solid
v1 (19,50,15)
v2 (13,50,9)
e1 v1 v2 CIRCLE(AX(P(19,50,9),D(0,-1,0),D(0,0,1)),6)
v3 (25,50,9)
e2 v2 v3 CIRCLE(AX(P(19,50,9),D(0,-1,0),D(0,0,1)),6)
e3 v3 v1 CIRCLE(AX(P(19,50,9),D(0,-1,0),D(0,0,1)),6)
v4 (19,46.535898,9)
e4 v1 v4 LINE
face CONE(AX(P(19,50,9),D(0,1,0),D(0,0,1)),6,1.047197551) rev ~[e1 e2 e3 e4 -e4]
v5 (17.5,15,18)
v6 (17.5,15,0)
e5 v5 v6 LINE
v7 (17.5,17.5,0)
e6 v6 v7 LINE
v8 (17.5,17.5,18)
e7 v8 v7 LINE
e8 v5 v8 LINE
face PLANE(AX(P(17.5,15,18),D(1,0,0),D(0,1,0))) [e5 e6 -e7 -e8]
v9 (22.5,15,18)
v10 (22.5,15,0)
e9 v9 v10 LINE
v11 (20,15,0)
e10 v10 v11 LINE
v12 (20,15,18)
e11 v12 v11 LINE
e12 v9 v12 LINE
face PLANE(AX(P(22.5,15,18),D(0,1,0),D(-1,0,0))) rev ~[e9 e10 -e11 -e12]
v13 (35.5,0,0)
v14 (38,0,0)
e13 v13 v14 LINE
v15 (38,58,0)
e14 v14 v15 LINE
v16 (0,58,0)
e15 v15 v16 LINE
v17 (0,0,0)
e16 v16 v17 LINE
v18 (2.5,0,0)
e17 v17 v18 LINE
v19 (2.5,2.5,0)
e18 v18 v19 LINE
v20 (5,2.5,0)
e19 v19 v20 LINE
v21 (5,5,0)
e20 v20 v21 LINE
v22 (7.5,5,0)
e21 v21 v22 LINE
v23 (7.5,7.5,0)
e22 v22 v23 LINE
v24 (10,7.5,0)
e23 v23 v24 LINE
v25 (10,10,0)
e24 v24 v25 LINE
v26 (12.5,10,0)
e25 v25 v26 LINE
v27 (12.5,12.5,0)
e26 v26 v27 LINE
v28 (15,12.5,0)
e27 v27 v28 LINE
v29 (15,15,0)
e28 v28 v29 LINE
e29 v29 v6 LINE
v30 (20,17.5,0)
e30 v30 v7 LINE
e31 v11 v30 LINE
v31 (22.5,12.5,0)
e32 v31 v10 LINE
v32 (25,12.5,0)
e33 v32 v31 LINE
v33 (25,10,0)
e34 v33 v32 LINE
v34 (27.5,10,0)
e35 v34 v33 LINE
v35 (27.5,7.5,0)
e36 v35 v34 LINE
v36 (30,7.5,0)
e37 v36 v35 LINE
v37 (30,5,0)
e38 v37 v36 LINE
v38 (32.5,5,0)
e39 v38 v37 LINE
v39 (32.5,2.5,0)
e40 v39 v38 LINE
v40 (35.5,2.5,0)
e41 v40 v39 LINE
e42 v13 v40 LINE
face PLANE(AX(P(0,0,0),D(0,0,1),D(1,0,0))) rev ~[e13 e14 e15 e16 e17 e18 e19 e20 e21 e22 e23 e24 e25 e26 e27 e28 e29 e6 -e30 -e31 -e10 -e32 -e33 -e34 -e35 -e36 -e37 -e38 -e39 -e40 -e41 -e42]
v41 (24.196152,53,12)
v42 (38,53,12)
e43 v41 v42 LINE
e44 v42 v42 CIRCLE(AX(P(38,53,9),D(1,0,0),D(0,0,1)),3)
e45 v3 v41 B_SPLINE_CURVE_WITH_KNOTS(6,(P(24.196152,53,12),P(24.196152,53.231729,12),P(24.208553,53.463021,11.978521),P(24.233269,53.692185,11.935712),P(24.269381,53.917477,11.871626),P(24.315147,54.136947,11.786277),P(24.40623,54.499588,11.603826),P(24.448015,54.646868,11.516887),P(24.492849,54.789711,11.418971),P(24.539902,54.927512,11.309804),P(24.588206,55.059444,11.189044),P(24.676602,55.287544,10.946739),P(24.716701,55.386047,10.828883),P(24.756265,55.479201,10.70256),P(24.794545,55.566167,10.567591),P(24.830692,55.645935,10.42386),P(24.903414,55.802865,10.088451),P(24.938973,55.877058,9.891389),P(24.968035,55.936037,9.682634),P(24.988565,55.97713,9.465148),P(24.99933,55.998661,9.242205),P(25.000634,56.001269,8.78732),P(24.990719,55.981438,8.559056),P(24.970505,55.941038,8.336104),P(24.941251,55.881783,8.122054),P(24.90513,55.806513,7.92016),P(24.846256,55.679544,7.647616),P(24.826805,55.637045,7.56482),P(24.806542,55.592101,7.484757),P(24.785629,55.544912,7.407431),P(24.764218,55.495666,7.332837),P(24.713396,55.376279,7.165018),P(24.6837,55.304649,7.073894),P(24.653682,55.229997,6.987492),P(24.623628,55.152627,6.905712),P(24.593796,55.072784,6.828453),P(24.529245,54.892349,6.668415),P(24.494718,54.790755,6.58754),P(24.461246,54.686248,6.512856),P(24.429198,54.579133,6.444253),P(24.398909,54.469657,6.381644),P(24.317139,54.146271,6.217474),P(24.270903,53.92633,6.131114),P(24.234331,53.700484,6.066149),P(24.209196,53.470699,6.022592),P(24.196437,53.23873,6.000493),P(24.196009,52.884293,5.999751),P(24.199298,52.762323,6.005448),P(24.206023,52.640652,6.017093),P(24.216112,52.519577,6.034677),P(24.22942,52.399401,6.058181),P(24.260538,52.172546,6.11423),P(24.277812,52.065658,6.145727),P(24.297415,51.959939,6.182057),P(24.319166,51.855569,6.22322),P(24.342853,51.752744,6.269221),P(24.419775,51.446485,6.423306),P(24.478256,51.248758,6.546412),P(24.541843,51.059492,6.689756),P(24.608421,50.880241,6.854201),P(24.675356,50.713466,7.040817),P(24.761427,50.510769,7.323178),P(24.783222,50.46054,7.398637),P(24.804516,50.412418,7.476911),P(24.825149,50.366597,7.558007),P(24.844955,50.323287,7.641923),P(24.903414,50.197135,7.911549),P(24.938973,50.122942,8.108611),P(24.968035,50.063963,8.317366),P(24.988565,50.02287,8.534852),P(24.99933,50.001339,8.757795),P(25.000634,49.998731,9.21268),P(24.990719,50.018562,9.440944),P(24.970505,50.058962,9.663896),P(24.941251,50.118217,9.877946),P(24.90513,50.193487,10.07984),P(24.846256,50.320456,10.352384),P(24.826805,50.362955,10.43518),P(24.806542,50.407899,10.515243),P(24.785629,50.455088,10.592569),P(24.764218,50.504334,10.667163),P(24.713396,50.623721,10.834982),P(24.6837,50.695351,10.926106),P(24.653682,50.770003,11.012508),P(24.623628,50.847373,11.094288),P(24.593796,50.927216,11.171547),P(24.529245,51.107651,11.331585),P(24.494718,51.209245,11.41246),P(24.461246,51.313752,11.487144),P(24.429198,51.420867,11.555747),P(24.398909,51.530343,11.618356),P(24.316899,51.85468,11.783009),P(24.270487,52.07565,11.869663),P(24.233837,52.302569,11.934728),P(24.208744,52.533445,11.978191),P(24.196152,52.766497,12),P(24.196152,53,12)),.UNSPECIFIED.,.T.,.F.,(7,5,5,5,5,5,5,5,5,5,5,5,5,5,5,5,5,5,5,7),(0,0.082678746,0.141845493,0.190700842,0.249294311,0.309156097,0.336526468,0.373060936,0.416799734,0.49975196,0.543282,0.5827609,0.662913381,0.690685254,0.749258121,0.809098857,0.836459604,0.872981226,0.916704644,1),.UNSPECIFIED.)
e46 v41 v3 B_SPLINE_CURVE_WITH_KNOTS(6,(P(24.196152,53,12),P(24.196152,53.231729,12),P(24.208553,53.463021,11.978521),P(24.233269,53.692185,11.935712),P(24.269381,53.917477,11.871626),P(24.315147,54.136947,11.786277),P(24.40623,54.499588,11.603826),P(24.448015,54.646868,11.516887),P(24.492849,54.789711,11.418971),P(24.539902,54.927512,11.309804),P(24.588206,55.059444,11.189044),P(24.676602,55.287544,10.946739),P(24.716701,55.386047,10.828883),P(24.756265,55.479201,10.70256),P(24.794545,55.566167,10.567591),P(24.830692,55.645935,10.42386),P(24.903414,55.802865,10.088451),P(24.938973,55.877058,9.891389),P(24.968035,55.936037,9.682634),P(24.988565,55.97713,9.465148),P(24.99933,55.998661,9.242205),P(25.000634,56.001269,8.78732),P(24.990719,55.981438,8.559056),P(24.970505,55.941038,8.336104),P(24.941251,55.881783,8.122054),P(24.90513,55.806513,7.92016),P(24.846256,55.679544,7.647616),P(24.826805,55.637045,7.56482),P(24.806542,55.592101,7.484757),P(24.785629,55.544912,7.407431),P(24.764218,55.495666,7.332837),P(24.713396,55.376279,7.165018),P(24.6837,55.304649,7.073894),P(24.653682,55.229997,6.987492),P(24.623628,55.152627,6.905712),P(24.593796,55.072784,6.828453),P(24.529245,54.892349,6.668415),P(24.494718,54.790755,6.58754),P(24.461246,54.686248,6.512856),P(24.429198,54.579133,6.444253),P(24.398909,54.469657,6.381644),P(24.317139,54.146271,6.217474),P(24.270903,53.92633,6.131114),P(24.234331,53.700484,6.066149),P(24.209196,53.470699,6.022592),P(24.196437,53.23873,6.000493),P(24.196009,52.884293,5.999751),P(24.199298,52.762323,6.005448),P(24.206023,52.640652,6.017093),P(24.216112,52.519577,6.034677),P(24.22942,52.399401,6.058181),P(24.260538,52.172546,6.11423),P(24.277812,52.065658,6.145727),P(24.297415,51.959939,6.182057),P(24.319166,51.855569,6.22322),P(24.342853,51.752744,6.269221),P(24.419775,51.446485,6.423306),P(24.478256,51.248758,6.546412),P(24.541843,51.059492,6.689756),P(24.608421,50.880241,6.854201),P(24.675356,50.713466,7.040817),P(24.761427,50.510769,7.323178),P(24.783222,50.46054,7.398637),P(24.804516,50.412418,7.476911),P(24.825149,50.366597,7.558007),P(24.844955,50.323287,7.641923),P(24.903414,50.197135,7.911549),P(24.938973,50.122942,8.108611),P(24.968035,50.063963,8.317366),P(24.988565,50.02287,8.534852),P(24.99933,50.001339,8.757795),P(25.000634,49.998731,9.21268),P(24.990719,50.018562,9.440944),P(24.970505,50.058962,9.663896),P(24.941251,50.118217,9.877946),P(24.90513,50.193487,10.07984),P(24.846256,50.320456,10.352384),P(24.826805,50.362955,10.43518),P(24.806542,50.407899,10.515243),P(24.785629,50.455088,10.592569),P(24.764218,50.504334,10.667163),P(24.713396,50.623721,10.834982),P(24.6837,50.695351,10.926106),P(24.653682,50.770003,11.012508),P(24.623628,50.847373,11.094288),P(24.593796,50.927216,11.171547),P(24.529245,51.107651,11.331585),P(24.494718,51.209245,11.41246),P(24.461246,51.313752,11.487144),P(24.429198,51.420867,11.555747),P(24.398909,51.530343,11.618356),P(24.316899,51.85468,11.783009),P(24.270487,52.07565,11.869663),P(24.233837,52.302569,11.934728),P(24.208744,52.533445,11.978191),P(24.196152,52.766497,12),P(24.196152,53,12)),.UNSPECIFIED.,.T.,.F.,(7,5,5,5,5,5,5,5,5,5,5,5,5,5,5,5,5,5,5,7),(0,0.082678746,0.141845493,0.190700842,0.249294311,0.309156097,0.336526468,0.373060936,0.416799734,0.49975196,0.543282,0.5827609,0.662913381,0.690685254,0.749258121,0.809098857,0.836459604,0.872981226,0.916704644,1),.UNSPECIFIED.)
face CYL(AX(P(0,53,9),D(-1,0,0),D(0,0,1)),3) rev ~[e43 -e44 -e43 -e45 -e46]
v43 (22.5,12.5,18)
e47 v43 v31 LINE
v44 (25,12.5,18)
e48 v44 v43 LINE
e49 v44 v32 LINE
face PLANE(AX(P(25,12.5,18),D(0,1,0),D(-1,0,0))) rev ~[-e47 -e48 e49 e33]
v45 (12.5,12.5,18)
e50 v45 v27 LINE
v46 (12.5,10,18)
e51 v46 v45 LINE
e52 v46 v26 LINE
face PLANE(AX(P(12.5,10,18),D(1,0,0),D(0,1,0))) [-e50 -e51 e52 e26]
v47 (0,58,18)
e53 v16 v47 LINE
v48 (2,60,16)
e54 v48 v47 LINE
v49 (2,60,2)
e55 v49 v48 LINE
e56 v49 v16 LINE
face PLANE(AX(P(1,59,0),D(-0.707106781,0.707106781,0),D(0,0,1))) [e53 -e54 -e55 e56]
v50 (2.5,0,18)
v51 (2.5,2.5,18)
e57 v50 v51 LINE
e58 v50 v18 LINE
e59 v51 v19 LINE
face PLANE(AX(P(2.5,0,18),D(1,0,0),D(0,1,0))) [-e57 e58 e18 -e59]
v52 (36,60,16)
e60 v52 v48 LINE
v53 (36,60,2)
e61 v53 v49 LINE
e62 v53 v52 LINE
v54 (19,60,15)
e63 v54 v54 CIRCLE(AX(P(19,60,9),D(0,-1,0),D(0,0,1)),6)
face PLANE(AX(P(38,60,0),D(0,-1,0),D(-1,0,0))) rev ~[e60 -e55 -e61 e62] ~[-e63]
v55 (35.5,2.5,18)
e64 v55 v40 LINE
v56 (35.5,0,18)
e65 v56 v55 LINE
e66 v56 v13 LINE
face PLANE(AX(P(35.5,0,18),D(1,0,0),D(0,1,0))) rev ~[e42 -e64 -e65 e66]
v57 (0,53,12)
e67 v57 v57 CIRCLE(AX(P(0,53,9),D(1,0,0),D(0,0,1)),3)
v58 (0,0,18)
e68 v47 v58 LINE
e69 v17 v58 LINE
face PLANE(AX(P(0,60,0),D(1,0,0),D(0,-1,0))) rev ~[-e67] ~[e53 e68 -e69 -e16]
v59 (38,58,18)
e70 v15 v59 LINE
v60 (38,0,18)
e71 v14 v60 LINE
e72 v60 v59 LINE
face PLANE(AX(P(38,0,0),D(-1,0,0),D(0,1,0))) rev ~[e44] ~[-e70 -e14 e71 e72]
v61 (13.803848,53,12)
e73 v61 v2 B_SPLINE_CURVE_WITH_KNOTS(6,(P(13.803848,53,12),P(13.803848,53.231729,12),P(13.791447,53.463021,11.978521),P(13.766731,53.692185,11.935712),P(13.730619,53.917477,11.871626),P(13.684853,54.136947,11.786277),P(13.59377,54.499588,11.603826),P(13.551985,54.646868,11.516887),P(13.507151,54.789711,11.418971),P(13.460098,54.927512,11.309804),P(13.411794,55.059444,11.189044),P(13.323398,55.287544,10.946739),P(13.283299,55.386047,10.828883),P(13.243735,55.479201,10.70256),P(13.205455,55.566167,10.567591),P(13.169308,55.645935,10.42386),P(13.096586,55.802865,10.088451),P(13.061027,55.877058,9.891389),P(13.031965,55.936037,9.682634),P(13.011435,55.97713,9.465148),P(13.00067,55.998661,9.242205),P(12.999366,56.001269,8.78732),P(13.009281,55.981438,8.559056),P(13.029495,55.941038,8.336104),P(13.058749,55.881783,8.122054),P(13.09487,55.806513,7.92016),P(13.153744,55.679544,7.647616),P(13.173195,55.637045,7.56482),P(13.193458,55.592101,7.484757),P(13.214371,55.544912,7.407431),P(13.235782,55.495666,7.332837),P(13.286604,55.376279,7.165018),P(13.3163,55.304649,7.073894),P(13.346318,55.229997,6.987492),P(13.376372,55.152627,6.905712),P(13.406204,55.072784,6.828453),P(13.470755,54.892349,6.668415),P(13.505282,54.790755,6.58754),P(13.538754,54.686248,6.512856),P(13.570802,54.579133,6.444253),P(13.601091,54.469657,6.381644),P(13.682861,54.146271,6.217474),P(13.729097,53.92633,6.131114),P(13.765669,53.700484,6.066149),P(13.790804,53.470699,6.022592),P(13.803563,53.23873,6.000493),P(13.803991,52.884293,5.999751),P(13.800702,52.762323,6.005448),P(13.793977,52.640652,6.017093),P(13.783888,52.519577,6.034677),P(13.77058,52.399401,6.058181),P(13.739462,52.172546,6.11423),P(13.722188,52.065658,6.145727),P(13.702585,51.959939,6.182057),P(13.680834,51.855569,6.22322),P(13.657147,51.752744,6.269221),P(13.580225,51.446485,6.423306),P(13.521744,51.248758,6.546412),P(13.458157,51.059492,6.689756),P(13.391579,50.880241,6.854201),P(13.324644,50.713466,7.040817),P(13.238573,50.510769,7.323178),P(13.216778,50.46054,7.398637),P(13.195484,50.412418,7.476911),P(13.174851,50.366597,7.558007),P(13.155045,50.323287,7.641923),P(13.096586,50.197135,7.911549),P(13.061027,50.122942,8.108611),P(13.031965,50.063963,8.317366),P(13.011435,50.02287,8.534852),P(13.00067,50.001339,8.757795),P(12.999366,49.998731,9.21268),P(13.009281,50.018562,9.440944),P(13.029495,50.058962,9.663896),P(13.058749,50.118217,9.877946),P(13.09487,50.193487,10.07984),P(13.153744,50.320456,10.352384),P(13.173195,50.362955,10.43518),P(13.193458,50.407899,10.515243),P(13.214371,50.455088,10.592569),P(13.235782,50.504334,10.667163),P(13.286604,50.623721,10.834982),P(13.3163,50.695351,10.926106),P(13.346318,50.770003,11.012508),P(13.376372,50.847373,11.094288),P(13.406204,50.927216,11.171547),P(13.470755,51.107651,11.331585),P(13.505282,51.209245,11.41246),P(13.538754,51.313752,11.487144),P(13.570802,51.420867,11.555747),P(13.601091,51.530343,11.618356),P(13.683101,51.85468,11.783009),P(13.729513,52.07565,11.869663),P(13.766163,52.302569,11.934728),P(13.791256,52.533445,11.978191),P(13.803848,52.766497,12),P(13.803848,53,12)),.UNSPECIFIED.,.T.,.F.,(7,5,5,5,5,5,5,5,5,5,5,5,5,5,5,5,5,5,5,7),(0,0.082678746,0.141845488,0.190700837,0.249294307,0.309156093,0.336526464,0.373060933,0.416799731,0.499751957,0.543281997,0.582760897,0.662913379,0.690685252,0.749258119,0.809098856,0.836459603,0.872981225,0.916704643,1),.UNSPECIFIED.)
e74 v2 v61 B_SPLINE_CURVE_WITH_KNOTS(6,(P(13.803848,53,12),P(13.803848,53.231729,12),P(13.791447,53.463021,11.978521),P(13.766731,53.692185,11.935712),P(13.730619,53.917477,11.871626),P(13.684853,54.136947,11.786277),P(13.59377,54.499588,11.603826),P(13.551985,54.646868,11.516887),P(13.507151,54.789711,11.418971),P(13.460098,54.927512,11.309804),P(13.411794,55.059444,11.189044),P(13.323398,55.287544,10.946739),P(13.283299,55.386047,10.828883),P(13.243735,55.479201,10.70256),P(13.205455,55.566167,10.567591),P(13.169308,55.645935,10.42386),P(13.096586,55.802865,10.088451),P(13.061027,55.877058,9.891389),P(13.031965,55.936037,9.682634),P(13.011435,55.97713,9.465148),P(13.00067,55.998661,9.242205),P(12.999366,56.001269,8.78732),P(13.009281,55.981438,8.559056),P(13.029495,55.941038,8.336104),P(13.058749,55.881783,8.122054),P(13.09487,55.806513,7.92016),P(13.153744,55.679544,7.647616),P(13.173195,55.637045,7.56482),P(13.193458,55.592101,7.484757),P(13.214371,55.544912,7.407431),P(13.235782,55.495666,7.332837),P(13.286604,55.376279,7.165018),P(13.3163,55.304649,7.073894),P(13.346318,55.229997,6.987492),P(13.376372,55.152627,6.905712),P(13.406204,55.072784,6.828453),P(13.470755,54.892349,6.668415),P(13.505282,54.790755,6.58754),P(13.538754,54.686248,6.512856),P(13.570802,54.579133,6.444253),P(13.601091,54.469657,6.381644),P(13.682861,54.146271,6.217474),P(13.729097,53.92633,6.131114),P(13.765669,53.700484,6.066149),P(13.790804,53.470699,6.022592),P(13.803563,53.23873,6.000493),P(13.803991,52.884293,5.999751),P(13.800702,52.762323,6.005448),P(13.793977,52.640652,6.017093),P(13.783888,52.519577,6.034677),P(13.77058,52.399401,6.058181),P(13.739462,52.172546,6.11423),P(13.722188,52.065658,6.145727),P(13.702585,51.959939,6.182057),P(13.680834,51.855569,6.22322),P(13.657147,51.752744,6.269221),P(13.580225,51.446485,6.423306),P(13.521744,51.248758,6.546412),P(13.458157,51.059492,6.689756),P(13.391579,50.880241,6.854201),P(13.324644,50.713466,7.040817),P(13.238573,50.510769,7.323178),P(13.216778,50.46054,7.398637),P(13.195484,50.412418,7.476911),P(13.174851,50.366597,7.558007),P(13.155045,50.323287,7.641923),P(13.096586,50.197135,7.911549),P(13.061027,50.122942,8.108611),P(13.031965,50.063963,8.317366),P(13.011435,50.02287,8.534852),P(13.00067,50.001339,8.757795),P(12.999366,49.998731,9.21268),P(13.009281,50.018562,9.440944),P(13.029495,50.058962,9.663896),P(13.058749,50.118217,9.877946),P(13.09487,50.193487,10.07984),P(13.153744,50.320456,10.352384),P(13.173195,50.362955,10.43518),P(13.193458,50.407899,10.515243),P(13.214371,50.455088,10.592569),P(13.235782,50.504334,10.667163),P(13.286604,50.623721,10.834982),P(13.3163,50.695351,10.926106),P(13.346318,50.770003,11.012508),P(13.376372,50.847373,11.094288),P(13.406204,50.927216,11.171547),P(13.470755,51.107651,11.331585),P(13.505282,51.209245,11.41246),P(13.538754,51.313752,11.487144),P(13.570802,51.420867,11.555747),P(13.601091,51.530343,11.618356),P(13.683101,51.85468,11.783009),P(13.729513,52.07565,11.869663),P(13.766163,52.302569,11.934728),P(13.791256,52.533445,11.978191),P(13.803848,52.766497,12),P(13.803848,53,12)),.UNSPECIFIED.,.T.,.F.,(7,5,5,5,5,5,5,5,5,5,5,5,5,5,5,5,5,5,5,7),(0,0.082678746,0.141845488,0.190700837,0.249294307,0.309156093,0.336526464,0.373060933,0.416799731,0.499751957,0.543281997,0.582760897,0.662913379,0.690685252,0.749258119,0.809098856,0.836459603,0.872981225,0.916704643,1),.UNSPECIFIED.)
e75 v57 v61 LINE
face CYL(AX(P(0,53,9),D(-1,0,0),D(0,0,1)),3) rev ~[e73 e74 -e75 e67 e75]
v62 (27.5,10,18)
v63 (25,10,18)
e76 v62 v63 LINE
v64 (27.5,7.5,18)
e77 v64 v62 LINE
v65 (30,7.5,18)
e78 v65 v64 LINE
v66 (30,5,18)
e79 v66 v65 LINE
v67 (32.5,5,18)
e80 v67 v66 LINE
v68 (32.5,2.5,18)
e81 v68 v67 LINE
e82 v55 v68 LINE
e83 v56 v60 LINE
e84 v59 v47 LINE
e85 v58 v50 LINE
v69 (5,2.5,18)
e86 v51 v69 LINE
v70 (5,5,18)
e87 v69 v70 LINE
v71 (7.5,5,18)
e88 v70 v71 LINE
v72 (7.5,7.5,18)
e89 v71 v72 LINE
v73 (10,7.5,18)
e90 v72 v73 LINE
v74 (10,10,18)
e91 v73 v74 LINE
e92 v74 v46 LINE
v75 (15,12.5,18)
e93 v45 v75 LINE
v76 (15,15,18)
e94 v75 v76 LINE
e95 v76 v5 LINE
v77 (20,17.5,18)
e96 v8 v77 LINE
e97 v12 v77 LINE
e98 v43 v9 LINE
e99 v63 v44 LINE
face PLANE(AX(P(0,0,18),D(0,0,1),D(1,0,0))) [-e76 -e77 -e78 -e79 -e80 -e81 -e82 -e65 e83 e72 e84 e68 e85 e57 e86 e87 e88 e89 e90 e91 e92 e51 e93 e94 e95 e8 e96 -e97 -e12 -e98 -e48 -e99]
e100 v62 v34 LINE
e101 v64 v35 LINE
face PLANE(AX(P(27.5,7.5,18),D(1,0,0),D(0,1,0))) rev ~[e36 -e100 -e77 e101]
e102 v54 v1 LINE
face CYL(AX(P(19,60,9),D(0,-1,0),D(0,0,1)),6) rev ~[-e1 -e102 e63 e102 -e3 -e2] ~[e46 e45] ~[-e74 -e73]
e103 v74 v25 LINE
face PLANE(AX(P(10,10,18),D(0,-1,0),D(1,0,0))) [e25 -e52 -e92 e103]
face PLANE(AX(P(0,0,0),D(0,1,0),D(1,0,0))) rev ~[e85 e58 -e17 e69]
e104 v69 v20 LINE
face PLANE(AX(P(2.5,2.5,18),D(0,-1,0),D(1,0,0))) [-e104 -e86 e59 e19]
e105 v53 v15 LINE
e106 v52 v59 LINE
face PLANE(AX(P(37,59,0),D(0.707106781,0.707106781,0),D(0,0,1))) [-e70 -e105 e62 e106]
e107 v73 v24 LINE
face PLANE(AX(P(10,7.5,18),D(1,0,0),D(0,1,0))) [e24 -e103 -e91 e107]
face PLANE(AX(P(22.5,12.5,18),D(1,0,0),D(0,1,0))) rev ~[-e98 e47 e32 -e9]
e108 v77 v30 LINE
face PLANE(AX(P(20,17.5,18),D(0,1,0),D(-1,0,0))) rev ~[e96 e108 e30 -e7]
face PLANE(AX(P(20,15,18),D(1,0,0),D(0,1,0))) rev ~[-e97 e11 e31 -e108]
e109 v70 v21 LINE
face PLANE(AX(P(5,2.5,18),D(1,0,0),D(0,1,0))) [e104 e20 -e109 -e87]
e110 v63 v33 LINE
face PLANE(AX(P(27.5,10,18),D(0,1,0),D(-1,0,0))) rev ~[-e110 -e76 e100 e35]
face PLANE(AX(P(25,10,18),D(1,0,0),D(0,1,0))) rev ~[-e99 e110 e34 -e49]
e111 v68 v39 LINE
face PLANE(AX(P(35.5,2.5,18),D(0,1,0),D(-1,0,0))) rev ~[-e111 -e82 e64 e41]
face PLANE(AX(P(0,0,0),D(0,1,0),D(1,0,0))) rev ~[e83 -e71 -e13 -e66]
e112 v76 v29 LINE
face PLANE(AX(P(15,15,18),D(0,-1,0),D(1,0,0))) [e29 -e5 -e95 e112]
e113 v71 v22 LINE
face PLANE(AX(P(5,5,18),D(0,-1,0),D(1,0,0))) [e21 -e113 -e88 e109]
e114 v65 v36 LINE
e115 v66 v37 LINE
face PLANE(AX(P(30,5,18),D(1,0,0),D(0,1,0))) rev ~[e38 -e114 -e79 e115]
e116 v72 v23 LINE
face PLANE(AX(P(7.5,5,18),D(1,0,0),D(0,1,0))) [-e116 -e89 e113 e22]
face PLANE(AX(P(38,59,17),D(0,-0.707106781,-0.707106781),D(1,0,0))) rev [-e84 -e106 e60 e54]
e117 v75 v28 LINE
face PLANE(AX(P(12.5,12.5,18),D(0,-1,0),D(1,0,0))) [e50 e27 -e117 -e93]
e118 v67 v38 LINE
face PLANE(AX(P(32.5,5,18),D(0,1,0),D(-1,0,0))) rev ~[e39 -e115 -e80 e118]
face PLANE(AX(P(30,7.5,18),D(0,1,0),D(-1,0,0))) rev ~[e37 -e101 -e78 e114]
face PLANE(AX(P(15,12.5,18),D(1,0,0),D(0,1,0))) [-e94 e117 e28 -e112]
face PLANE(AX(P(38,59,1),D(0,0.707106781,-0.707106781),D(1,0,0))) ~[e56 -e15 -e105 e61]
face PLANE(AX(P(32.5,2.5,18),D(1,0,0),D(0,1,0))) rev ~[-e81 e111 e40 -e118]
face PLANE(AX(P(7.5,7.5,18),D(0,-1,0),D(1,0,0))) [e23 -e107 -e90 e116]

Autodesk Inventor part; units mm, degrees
ref_plane "YZ Plane" through (0, 0, 0) normal (1, 0, 0) x (0, 1, 0)
ref_plane "XZ Plane" through (0, 0, 0) normal (0, 1, 0) x (-1, 0, 0)
ref_plane "XY Plane" through (0, 0, 0) normal (0, 0, 1) x (1, 0, 0)
sketch "Sketch1" plane through (0, 0, 0) normal (0, 0, 1) x (1, 0, 0)
  line L0 (0, 0) -> (38, 0)
  line L1 (38, 0) -> (38, 60)
  line L2 (38, 60) -> (0, 60)
  line L3 (0, 60) -> (0, 0)
  dimension "d0" = 38
  dimension "d1" = 60
extrude "Extrusion1" add sketch "Sketch1" along normal blind 18
sketch "Sketch2" plane through (0, 0, 18) normal (0, 0, 1) x (1, 0, 0)
  line L0 (0, 60) -> (0, 0) projected
  line L1 (0, 0) -> (2.5, 0)
  line L2 (0, 0) -> (38, 0) projected
  line L3 (2.5, 0) -> (2.5, 2.5)
  line L4 (2.5, 2.5) -> (5, 2.5)
  line L5 (5, 2.5) -> (5, 5)
  line L6 (5, 5) -> (7.5, 5)
  line L7 (7.5, 5) -> (7.5, 7.5)
  line L8 (7.5, 7.5) -> (10, 7.5)
  line L9 (10, 7.5) -> (10, 10)
  line L10 (10, 10) -> (12.5, 10)
  line L11 (12.5, 10) -> (12.5, 12.5)
  line L12 (12.5, 12.5) -> (15, 12.5)
  line L13 (15, 12.5) -> (15, 15)
  line L14 (15, 15) -> (17.5, 15)
  line L15 (17.5, 15) -> (17.5, 17.5)
  line L16 (17.5, 17.5) -> (18.75, 17.5)
  line L17 (38, 0) -> (35.5, 0)
  line L18 (35.5, 0) -> (35.5, 2.5)
  line L19 (35.5, 2.5) -> (32.5, 2.5)
  line L20 (32.5, 2.5) -> (32.5, 5)
  line L21 (32.5, 5) -> (30, 5)
  line L22 (30, 5) -> (30, 7.5)
  line L23 (30, 7.5) -> (27.5, 7.5)
  line L24 (27.5, 7.5) -> (27.5, 10)
  line L25 (27.5, 10) -> (25, 10)
  line L26 (25, 10) -> (25, 12.5)
  line L27 (25, 12.5) -> (22.5, 12.5)
  line L28 (22.5, 12.5) -> (22.5, 15)
  line L29 (22.5, 15) -> (20, 15)
  line L30 (20, 15) -> (20, 17.5)
  line L31 (20, 17.5) -> (18.75, 17.5)
  dimension "d27" = 2.5
  dimension "d28" = 2.5
extrude "Extrusion2" cut sketch "Sketch2" against normal blind 18
sketch "Sketch3" plane through (0, 0, 0) normal (-1, 0, 0) x (0, 0, 1)
  line L0 (0, 60) -> (18, 60) projected
  line L1 (0, 60) -> (0, 53)
  line L2 (0, 60) -> (0, 0) projected
  line L3 (0, 53) -> (9, 53)
  line L4 (18, 60) -> (18, 0) projected
  circle A0 centre (9, 53) radius 3
  dimension "d31" = 7
  dimension "d32" = 9
  dimension "d33" = 6
extrude "Extrusion3" cut sketch "Sketch3" against normal blind 38
sketch "Sketch4" plane through (0, 60, 0) normal (0, 1, 0) x (1, 0, 0)
  point P0 (19, -9)
hole "Hole1" at (19, 60, 9) direction (0, -1, 0) diameter 12 depth 10 tip angle 120
chamfer "Chamfer1" distance 2 angle 45 4 edges at (19, 60, 18) (38, 60, 9) (19, 60, 0) (0, 60, 9) measured on face at (4.3479, 60, 9.2411)
properties part number "Machoire"
